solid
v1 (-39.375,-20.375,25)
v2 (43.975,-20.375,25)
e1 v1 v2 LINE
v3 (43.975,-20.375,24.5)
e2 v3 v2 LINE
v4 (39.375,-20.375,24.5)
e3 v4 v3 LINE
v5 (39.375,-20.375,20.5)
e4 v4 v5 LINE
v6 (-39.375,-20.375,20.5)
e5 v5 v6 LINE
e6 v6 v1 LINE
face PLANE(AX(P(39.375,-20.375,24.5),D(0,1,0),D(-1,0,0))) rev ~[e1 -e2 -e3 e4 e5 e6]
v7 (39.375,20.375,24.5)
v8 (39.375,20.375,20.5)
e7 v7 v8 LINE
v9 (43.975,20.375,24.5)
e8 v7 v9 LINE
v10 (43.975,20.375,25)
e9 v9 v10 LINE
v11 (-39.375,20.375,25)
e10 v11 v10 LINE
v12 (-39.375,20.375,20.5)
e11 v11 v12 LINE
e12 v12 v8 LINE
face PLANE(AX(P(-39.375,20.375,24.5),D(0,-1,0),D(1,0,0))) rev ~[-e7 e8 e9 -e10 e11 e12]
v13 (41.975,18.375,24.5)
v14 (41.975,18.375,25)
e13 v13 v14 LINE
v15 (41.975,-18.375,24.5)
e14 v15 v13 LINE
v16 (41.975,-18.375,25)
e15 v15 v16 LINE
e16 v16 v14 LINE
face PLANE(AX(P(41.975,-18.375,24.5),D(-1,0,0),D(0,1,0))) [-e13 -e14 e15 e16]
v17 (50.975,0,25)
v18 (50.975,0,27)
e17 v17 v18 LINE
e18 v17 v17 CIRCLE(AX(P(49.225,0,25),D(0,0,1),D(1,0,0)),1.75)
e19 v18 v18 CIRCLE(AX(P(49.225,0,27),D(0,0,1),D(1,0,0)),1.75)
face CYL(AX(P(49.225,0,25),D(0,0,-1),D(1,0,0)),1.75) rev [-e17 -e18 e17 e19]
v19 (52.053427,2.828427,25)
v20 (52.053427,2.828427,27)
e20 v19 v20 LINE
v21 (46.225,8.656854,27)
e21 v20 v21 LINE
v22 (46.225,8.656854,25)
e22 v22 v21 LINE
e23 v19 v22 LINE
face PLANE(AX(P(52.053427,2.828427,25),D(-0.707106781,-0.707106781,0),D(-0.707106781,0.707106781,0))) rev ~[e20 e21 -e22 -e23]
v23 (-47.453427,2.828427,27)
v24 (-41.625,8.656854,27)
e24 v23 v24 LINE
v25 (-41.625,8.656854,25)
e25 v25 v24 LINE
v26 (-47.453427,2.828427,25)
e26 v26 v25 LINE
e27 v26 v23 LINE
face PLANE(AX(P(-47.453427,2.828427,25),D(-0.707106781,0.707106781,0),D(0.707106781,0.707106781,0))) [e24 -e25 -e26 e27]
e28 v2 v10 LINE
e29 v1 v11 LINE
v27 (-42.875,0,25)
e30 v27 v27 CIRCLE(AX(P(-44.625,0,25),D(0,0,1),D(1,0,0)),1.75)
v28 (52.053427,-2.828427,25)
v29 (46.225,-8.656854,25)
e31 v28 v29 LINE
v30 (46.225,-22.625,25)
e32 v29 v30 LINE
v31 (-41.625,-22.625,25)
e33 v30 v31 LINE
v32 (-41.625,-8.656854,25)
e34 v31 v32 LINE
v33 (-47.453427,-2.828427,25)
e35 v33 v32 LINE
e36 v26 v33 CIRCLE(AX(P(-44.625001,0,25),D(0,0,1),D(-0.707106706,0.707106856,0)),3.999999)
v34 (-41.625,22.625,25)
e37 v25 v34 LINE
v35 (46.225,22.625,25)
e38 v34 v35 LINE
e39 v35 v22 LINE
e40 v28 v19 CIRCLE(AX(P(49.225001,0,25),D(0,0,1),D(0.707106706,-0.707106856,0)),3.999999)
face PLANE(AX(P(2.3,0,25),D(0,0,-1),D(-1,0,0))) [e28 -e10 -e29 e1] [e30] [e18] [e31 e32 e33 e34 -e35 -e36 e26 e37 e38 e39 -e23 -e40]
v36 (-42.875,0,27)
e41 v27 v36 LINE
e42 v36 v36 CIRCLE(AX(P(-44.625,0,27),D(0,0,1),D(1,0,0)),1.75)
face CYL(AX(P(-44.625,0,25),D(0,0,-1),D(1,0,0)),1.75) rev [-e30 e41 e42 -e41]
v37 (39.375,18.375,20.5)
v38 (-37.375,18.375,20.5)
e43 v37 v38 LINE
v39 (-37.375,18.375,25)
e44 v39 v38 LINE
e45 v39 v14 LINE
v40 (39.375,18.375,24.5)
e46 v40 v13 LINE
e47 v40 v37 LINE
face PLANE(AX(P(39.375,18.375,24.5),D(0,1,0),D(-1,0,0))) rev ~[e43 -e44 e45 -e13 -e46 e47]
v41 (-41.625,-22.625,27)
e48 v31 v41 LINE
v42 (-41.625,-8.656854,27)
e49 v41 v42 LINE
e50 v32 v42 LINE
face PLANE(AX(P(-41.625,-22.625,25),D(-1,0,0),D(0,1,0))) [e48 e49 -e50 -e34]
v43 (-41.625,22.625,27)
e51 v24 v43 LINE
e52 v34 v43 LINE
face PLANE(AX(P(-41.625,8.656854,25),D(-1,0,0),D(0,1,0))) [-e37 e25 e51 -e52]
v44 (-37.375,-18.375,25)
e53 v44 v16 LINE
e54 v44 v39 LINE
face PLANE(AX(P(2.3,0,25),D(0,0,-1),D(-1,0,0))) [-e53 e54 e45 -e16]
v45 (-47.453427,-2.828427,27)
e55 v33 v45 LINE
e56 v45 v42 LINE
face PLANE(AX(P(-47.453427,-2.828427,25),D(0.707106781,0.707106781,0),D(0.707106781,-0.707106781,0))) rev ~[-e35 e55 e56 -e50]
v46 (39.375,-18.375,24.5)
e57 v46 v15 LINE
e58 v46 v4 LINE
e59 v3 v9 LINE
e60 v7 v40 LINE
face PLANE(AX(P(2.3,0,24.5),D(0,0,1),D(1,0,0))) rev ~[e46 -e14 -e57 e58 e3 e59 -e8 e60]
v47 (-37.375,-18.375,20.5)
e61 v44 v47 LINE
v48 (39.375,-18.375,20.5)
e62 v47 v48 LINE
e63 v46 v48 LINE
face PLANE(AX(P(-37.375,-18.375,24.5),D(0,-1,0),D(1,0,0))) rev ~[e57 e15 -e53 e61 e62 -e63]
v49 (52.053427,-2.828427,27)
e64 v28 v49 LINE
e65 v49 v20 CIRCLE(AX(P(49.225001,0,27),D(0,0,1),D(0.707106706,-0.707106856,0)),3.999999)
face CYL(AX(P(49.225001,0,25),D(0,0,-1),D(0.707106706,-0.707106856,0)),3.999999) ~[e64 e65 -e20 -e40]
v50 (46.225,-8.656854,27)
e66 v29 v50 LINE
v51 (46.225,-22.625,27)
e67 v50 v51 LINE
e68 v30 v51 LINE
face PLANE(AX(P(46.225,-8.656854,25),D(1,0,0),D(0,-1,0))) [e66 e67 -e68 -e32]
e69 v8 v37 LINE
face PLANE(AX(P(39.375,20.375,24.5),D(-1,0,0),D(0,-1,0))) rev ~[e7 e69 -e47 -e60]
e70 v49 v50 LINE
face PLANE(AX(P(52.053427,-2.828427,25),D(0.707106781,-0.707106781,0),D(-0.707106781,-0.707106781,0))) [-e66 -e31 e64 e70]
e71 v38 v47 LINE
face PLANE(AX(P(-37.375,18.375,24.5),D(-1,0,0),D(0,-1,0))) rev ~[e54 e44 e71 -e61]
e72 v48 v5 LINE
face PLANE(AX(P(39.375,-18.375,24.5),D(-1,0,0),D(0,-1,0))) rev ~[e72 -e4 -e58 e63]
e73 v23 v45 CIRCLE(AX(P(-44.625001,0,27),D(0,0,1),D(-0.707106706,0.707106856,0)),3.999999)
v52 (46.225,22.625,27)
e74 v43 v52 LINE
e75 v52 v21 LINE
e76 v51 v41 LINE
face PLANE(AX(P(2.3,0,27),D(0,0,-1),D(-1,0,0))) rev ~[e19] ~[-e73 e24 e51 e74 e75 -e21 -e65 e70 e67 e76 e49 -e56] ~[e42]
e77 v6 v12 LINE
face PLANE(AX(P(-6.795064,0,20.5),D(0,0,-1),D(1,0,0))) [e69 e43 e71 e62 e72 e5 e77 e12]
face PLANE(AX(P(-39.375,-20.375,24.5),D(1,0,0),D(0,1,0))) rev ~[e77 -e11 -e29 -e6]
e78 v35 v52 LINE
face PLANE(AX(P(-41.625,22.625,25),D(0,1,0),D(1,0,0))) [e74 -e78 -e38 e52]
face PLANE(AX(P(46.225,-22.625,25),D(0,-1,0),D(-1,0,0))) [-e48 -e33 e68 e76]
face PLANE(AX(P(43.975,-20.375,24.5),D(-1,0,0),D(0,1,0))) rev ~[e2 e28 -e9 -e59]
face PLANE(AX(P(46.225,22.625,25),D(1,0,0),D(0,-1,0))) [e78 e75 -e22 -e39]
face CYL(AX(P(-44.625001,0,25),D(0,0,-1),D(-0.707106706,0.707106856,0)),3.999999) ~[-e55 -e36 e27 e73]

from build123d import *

# Parameters (mm, degrees)
SKETCH087_W   = 83.35
SKETCH087_H   = 40.75
SKETCH087_W_2 = 79.35
SKETCH087_H_2 = 36.75
PAD056_DEPTH  = 0.5
SKETCH088_R   = 1.75
PAD057_DEPTH  = 2
PAD058_DEPTH  = 4


with BuildPart() as part:
    # Sketch087 → Pad056 (new body)
    with BuildSketch(Plane.XY):
        with Locations((2.3, 0)):
            Rectangle(SKETCH087_W, SKETCH087_H)
        with Locations((2.3, 0)):
            Rectangle(SKETCH087_W_2, SKETCH087_H_2, mode=Mode.SUBTRACT)
    extrude(amount=PAD056_DEPTH)

    # Sketch088 (on Face10 of Pad056) → Pad057 (join)
    with BuildSketch(Plane.XY.offset(0.5)):
        with BuildLine():
            Line((-41.625, 22.625), (46.225, 22.625))
            Line((46.225, 22.625), (46.225, 8.656854))
            Line((52.053427, 2.828427), (46.225, 8.656854))
            ThreePointArc((52.053427, -2.828427), (53.225, 0), (52.053427, 2.828427))
            Line((52.053427, -2.828427), (46.225, -8.656854))
            Line((46.225, -8.656854), (46.225, -22.625))
            Line((46.225, -22.625), (-41.625, -22.625))
            Line((-41.625, -22.625), (-41.625, -8.656854))
            Line((-47.453427, -2.828427), (-41.625, -8.656854))
            ThreePointArc((-47.453427, 2.828427), (-48.625, 0), (-47.453427, -2.828427))
            Line((-47.453427, 2.828427), (-41.625, 8.656854))
            Line((-41.625, 8.656854), (-41.625, 22.625))
        make_face()
        with Locations((-44.625, 0)):
            Circle(SKETCH088_R, mode=Mode.SUBTRACT)
        with Locations((49.225, 0)):
            Circle(SKETCH088_R, mode=Mode.SUBTRACT)
    extrude(amount=PAD057_DEPTH)

    # Sketch089 (on Face21 of Pad057) → Pad058 (join)
    with BuildSketch(Plane(origin=(0, 0, 0), x_dir=(1, 0, 0), z_dir=(0, 0, -1))):
        Polygon((-39.375, 20.375), (-39.375, -20.375), (39.375, -20.375), (39.375, -18.375), (-37.375, -18.375), (-37.375, 18.375), (39.375, 18.375), (39.375, 20.375), align=None)
    extrude(amount=PAD058_DEPTH)


with BuildPart() as part_1:
    # Body019 placement: moved
    add(part.part.moved(Location((0, 0, 24.5))))


solid = part_1.part
